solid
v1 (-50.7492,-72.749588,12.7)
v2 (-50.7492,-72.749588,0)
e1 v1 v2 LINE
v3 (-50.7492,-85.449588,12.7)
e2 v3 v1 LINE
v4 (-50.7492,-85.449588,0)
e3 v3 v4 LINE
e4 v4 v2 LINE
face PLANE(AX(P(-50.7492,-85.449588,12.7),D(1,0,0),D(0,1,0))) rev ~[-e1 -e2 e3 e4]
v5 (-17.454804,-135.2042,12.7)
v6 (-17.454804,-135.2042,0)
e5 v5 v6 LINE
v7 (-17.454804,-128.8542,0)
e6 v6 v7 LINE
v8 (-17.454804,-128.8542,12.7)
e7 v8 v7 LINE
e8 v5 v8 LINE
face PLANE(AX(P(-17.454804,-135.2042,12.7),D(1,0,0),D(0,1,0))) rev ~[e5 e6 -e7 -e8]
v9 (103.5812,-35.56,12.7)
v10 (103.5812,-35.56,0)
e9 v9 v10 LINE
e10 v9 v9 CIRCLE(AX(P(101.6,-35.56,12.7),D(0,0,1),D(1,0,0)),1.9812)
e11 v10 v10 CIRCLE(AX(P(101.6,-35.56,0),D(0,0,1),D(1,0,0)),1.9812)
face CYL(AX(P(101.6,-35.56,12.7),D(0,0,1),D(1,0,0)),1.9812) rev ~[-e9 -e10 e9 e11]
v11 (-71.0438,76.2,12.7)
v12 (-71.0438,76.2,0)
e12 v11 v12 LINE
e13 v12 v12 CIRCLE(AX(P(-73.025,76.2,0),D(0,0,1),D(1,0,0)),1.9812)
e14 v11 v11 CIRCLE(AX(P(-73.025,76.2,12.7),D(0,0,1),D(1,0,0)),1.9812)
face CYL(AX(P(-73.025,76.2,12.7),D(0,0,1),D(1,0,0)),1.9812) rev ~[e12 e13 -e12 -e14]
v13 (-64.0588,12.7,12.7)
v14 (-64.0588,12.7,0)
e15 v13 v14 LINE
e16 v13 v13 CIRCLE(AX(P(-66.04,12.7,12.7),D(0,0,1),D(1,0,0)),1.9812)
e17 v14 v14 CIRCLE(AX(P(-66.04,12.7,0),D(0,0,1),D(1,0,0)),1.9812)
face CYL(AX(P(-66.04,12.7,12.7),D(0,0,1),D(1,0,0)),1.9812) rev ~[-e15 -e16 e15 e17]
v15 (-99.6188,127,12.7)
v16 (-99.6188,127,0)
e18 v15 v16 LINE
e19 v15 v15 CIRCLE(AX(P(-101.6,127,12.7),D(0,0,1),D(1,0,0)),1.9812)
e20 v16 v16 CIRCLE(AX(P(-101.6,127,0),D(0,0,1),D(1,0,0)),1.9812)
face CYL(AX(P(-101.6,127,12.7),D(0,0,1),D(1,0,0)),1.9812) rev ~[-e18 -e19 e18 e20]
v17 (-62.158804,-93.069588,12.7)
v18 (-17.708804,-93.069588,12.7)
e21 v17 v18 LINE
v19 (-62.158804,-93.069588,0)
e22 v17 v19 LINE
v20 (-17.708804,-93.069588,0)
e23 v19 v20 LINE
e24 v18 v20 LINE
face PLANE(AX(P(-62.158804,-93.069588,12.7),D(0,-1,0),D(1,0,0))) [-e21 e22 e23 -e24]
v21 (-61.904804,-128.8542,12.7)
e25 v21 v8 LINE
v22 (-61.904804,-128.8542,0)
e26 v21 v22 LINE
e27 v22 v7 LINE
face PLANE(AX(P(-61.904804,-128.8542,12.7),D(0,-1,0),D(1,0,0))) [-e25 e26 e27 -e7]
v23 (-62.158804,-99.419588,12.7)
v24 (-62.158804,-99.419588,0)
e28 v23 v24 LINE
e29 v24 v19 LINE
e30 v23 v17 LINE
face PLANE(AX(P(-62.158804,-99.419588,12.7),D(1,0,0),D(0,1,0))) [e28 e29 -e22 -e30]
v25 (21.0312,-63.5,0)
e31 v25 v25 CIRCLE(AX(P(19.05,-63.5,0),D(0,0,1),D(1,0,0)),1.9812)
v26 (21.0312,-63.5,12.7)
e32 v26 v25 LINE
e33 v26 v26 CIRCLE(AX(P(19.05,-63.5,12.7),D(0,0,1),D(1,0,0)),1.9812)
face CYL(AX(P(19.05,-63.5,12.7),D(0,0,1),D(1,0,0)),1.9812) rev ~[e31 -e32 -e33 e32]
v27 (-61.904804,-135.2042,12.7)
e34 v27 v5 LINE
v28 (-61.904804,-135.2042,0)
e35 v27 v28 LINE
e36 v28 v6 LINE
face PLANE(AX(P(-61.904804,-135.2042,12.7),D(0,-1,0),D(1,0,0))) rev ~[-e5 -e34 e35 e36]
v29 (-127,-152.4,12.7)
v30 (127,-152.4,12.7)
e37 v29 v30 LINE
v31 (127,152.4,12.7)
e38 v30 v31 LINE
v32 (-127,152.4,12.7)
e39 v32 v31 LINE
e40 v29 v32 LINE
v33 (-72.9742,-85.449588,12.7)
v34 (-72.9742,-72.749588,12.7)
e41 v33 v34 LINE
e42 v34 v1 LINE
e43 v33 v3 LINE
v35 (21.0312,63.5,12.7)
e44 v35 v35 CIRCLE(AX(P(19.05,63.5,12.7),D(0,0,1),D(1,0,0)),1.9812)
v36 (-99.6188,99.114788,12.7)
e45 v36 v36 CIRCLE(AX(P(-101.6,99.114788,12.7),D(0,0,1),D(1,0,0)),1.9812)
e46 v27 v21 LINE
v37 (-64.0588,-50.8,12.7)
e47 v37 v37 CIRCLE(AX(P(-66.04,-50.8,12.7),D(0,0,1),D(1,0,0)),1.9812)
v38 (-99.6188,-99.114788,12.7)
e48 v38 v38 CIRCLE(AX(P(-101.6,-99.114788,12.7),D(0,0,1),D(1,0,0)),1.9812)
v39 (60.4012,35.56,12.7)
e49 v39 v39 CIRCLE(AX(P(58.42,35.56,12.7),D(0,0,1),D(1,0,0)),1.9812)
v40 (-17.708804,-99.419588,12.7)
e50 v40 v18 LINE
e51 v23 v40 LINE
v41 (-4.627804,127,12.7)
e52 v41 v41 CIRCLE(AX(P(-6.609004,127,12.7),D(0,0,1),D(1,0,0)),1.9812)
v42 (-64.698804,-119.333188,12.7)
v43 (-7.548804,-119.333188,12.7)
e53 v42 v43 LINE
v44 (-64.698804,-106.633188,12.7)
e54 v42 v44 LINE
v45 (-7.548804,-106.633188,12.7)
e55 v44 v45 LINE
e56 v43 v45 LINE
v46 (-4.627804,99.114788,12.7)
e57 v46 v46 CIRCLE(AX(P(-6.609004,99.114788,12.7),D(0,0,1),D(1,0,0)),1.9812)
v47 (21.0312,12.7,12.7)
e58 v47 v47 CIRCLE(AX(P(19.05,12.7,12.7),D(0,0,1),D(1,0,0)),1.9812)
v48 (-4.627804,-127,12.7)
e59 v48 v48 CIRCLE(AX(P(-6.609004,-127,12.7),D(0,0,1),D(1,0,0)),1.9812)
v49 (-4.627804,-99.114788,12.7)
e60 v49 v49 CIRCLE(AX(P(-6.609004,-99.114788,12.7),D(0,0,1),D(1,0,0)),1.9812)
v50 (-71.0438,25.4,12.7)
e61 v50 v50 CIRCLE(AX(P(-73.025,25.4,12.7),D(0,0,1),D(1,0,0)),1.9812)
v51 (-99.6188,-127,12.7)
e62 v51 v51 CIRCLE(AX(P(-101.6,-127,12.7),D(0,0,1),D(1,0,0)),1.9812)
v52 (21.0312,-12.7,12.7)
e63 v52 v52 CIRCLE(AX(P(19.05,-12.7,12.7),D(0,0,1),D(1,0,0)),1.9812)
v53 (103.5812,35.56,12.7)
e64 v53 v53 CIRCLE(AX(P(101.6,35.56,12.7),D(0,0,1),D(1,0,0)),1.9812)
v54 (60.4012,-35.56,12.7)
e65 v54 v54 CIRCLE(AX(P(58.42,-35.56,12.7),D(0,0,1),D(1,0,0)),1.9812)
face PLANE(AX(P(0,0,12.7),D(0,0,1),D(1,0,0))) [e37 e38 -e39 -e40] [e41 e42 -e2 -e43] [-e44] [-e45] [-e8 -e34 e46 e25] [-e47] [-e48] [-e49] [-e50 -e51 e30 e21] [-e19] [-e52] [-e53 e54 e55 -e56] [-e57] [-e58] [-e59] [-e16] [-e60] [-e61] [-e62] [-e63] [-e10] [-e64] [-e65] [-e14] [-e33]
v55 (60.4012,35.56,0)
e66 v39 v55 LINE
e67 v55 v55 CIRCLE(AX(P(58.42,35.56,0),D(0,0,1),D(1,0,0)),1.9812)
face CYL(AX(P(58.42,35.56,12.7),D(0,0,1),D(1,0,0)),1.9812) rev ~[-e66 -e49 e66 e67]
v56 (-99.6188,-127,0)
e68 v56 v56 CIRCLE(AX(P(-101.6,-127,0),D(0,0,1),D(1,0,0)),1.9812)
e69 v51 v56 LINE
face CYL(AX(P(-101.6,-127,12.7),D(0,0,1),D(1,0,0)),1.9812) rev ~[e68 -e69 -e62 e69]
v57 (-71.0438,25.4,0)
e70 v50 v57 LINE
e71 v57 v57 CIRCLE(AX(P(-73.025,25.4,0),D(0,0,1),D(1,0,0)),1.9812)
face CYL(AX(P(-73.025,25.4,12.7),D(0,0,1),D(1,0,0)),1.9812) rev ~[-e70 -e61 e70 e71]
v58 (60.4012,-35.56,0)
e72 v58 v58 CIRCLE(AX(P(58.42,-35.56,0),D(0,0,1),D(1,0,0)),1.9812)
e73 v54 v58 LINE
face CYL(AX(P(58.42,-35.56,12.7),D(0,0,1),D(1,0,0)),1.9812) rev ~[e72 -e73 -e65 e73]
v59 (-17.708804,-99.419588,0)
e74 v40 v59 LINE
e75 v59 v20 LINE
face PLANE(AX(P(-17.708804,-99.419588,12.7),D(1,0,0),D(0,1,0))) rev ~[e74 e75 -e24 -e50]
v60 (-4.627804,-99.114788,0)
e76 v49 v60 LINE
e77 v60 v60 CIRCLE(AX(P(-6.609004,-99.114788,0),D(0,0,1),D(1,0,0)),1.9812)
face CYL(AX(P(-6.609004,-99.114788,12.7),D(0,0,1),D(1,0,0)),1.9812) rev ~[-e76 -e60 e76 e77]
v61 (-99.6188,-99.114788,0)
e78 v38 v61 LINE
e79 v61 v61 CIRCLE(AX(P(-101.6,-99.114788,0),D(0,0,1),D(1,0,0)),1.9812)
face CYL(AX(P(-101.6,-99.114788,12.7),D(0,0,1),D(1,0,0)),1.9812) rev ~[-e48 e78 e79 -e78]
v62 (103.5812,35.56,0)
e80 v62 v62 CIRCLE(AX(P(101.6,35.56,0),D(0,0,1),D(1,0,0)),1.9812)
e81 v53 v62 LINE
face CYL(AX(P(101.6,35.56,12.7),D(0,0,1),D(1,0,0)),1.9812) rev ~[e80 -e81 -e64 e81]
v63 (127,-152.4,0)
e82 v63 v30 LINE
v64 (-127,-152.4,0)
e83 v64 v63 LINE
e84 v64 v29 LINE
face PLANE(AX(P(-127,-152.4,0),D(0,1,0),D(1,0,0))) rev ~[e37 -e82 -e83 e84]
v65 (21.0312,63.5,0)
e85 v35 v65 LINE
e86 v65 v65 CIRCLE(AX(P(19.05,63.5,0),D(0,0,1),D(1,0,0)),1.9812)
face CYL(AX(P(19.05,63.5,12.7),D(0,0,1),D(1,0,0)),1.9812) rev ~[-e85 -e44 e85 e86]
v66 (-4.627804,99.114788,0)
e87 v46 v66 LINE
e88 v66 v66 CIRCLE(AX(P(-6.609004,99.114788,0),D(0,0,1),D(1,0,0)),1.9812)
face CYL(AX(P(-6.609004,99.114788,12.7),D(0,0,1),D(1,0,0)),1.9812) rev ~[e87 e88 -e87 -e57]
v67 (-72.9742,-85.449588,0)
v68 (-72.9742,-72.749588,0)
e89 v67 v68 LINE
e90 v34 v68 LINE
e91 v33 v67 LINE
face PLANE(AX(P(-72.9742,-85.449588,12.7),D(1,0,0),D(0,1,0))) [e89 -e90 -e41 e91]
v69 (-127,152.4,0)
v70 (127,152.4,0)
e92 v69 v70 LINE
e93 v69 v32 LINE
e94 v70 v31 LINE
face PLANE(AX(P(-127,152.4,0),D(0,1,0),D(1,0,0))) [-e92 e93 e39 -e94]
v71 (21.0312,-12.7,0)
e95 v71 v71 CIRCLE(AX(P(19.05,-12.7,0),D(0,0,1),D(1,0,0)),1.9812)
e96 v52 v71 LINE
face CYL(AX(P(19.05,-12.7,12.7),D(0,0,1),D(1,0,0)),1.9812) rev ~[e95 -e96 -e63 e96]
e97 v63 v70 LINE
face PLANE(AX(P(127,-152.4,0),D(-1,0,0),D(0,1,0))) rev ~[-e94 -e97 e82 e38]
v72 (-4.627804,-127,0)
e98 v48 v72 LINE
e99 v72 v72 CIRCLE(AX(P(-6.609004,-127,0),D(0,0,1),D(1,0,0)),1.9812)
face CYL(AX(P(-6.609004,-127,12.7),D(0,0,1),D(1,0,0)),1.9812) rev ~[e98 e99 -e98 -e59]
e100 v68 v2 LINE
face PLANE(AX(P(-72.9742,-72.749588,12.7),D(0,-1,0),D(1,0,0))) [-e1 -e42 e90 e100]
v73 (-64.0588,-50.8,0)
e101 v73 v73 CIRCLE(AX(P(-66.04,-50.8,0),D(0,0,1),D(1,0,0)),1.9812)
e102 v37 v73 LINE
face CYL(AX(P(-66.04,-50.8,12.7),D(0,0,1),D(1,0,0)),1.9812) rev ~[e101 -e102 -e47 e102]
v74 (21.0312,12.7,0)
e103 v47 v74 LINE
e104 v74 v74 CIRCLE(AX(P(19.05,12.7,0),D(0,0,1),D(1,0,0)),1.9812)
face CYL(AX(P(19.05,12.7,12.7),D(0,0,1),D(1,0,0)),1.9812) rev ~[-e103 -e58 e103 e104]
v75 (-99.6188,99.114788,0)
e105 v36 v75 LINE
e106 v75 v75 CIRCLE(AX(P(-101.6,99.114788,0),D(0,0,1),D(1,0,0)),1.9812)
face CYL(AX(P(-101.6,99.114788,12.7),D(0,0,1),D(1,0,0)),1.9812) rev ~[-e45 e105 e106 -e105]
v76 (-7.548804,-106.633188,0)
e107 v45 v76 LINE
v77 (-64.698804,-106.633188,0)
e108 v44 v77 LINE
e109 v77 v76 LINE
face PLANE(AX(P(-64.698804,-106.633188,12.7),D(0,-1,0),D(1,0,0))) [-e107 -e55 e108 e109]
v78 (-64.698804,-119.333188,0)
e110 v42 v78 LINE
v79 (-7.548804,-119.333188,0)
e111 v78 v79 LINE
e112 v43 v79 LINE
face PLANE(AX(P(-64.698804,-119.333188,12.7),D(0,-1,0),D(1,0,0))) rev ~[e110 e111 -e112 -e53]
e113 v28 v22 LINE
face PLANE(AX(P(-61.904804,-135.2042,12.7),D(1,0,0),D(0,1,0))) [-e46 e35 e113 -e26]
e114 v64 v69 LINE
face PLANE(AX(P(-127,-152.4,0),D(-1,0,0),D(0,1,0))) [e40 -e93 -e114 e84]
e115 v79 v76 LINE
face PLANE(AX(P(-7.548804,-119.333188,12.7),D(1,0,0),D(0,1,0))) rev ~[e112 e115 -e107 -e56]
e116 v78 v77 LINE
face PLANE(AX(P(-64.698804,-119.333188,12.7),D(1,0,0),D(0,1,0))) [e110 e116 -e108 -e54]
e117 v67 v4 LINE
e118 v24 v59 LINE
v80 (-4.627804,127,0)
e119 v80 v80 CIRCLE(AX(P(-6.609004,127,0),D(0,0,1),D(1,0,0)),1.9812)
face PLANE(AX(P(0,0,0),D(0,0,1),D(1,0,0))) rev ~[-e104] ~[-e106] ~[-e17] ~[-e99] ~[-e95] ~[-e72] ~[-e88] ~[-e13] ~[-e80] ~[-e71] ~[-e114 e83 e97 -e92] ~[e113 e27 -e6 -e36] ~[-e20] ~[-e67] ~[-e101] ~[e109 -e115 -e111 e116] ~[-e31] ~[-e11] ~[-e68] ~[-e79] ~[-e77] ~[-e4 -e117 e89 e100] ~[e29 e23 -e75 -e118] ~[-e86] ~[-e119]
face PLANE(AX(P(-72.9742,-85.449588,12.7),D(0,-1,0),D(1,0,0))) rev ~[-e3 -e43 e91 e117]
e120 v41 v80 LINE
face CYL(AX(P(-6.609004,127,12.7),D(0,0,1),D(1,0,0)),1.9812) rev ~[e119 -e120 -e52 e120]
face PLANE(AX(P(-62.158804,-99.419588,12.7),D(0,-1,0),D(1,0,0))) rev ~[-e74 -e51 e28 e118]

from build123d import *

# Parameters (mm, degrees)
F0_W     = 254
F0_H     = 304.8
F1_DEPTH = 12.7
F2_R     = 1.9812
F2_W     = 57.15
F2_H     = 12.7
F2_W_2   = 44.45
F2_H_2   = 6.35
F2_W_3   = 22.225
F3_DEPTH = 25.4


with BuildPart() as f1:
    # F0 (on Top) → F1 (new body)
    with BuildSketch(Plane.XY):
        Rectangle(F0_W, F0_H)
    extrude(amount=F1_DEPTH)

    # F2 (on face) → F3 (cut)
    with BuildSketch(Plane.XY.offset(12.7)):
        with Locations((-101.6, 127)):
            Circle(F2_R)
        with Locations((-101.6, 99.114788)):
            Circle(F2_R)
        with Locations((-6.609004, 127)):
            Circle(F2_R)
        with Locations((-6.609004, 99.114788)):
            Circle(F2_R)
        with Locations((-101.6, -99.114788)):
            Circle(F2_R)
        with Locations((-6.609004, -99.114788)):
            Circle(F2_R)
        with Locations((-6.609004, -127)):
            Circle(F2_R)
        with Locations((-101.6, -127)):
            Circle(F2_R)
        with Locations((-73.025, 76.2)):
            Circle(F2_R)
        with Locations((-73.025, 25.4)):
            Circle(F2_R)
        with Locations((-66.04, 12.7)):
            Circle(F2_R)
        with Locations((-66.04, -50.8)):
            Circle(F2_R)
        with Locations((19.05, -12.7)):
            Circle(F2_R)
        with Locations((19.05, -63.5)):
            Circle(F2_R)
        with Locations((19.05, 63.5)):
            Circle(F2_R)
        with Locations((19.05, 12.7)):
            Circle(F2_R)
        with Locations((58.42, 35.56)):
            Circle(F2_R)
        with Locations((101.6, 35.56)):
            Circle(F2_R)
        with Locations((58.42, -35.56)):
            Circle(F2_R)
        with Locations((101.6, -35.56)):
            Circle(F2_R)
        with Locations((-36.123804, -112.983188)):
            Rectangle(F2_W, F2_H)
        with Locations((-39.679804, -132.0292)):
            Rectangle(F2_W_2, F2_H_2)
        with Locations((-61.8617, -79.099588)):
            Rectangle(F2_W_3, F2_H)
        with Locations((-39.933804, -96.244588)):
            Rectangle(F2_W_2, F2_H_2)
    extrude(amount=-F3_DEPTH, mode=Mode.SUBTRACT)


solid = f1.part
